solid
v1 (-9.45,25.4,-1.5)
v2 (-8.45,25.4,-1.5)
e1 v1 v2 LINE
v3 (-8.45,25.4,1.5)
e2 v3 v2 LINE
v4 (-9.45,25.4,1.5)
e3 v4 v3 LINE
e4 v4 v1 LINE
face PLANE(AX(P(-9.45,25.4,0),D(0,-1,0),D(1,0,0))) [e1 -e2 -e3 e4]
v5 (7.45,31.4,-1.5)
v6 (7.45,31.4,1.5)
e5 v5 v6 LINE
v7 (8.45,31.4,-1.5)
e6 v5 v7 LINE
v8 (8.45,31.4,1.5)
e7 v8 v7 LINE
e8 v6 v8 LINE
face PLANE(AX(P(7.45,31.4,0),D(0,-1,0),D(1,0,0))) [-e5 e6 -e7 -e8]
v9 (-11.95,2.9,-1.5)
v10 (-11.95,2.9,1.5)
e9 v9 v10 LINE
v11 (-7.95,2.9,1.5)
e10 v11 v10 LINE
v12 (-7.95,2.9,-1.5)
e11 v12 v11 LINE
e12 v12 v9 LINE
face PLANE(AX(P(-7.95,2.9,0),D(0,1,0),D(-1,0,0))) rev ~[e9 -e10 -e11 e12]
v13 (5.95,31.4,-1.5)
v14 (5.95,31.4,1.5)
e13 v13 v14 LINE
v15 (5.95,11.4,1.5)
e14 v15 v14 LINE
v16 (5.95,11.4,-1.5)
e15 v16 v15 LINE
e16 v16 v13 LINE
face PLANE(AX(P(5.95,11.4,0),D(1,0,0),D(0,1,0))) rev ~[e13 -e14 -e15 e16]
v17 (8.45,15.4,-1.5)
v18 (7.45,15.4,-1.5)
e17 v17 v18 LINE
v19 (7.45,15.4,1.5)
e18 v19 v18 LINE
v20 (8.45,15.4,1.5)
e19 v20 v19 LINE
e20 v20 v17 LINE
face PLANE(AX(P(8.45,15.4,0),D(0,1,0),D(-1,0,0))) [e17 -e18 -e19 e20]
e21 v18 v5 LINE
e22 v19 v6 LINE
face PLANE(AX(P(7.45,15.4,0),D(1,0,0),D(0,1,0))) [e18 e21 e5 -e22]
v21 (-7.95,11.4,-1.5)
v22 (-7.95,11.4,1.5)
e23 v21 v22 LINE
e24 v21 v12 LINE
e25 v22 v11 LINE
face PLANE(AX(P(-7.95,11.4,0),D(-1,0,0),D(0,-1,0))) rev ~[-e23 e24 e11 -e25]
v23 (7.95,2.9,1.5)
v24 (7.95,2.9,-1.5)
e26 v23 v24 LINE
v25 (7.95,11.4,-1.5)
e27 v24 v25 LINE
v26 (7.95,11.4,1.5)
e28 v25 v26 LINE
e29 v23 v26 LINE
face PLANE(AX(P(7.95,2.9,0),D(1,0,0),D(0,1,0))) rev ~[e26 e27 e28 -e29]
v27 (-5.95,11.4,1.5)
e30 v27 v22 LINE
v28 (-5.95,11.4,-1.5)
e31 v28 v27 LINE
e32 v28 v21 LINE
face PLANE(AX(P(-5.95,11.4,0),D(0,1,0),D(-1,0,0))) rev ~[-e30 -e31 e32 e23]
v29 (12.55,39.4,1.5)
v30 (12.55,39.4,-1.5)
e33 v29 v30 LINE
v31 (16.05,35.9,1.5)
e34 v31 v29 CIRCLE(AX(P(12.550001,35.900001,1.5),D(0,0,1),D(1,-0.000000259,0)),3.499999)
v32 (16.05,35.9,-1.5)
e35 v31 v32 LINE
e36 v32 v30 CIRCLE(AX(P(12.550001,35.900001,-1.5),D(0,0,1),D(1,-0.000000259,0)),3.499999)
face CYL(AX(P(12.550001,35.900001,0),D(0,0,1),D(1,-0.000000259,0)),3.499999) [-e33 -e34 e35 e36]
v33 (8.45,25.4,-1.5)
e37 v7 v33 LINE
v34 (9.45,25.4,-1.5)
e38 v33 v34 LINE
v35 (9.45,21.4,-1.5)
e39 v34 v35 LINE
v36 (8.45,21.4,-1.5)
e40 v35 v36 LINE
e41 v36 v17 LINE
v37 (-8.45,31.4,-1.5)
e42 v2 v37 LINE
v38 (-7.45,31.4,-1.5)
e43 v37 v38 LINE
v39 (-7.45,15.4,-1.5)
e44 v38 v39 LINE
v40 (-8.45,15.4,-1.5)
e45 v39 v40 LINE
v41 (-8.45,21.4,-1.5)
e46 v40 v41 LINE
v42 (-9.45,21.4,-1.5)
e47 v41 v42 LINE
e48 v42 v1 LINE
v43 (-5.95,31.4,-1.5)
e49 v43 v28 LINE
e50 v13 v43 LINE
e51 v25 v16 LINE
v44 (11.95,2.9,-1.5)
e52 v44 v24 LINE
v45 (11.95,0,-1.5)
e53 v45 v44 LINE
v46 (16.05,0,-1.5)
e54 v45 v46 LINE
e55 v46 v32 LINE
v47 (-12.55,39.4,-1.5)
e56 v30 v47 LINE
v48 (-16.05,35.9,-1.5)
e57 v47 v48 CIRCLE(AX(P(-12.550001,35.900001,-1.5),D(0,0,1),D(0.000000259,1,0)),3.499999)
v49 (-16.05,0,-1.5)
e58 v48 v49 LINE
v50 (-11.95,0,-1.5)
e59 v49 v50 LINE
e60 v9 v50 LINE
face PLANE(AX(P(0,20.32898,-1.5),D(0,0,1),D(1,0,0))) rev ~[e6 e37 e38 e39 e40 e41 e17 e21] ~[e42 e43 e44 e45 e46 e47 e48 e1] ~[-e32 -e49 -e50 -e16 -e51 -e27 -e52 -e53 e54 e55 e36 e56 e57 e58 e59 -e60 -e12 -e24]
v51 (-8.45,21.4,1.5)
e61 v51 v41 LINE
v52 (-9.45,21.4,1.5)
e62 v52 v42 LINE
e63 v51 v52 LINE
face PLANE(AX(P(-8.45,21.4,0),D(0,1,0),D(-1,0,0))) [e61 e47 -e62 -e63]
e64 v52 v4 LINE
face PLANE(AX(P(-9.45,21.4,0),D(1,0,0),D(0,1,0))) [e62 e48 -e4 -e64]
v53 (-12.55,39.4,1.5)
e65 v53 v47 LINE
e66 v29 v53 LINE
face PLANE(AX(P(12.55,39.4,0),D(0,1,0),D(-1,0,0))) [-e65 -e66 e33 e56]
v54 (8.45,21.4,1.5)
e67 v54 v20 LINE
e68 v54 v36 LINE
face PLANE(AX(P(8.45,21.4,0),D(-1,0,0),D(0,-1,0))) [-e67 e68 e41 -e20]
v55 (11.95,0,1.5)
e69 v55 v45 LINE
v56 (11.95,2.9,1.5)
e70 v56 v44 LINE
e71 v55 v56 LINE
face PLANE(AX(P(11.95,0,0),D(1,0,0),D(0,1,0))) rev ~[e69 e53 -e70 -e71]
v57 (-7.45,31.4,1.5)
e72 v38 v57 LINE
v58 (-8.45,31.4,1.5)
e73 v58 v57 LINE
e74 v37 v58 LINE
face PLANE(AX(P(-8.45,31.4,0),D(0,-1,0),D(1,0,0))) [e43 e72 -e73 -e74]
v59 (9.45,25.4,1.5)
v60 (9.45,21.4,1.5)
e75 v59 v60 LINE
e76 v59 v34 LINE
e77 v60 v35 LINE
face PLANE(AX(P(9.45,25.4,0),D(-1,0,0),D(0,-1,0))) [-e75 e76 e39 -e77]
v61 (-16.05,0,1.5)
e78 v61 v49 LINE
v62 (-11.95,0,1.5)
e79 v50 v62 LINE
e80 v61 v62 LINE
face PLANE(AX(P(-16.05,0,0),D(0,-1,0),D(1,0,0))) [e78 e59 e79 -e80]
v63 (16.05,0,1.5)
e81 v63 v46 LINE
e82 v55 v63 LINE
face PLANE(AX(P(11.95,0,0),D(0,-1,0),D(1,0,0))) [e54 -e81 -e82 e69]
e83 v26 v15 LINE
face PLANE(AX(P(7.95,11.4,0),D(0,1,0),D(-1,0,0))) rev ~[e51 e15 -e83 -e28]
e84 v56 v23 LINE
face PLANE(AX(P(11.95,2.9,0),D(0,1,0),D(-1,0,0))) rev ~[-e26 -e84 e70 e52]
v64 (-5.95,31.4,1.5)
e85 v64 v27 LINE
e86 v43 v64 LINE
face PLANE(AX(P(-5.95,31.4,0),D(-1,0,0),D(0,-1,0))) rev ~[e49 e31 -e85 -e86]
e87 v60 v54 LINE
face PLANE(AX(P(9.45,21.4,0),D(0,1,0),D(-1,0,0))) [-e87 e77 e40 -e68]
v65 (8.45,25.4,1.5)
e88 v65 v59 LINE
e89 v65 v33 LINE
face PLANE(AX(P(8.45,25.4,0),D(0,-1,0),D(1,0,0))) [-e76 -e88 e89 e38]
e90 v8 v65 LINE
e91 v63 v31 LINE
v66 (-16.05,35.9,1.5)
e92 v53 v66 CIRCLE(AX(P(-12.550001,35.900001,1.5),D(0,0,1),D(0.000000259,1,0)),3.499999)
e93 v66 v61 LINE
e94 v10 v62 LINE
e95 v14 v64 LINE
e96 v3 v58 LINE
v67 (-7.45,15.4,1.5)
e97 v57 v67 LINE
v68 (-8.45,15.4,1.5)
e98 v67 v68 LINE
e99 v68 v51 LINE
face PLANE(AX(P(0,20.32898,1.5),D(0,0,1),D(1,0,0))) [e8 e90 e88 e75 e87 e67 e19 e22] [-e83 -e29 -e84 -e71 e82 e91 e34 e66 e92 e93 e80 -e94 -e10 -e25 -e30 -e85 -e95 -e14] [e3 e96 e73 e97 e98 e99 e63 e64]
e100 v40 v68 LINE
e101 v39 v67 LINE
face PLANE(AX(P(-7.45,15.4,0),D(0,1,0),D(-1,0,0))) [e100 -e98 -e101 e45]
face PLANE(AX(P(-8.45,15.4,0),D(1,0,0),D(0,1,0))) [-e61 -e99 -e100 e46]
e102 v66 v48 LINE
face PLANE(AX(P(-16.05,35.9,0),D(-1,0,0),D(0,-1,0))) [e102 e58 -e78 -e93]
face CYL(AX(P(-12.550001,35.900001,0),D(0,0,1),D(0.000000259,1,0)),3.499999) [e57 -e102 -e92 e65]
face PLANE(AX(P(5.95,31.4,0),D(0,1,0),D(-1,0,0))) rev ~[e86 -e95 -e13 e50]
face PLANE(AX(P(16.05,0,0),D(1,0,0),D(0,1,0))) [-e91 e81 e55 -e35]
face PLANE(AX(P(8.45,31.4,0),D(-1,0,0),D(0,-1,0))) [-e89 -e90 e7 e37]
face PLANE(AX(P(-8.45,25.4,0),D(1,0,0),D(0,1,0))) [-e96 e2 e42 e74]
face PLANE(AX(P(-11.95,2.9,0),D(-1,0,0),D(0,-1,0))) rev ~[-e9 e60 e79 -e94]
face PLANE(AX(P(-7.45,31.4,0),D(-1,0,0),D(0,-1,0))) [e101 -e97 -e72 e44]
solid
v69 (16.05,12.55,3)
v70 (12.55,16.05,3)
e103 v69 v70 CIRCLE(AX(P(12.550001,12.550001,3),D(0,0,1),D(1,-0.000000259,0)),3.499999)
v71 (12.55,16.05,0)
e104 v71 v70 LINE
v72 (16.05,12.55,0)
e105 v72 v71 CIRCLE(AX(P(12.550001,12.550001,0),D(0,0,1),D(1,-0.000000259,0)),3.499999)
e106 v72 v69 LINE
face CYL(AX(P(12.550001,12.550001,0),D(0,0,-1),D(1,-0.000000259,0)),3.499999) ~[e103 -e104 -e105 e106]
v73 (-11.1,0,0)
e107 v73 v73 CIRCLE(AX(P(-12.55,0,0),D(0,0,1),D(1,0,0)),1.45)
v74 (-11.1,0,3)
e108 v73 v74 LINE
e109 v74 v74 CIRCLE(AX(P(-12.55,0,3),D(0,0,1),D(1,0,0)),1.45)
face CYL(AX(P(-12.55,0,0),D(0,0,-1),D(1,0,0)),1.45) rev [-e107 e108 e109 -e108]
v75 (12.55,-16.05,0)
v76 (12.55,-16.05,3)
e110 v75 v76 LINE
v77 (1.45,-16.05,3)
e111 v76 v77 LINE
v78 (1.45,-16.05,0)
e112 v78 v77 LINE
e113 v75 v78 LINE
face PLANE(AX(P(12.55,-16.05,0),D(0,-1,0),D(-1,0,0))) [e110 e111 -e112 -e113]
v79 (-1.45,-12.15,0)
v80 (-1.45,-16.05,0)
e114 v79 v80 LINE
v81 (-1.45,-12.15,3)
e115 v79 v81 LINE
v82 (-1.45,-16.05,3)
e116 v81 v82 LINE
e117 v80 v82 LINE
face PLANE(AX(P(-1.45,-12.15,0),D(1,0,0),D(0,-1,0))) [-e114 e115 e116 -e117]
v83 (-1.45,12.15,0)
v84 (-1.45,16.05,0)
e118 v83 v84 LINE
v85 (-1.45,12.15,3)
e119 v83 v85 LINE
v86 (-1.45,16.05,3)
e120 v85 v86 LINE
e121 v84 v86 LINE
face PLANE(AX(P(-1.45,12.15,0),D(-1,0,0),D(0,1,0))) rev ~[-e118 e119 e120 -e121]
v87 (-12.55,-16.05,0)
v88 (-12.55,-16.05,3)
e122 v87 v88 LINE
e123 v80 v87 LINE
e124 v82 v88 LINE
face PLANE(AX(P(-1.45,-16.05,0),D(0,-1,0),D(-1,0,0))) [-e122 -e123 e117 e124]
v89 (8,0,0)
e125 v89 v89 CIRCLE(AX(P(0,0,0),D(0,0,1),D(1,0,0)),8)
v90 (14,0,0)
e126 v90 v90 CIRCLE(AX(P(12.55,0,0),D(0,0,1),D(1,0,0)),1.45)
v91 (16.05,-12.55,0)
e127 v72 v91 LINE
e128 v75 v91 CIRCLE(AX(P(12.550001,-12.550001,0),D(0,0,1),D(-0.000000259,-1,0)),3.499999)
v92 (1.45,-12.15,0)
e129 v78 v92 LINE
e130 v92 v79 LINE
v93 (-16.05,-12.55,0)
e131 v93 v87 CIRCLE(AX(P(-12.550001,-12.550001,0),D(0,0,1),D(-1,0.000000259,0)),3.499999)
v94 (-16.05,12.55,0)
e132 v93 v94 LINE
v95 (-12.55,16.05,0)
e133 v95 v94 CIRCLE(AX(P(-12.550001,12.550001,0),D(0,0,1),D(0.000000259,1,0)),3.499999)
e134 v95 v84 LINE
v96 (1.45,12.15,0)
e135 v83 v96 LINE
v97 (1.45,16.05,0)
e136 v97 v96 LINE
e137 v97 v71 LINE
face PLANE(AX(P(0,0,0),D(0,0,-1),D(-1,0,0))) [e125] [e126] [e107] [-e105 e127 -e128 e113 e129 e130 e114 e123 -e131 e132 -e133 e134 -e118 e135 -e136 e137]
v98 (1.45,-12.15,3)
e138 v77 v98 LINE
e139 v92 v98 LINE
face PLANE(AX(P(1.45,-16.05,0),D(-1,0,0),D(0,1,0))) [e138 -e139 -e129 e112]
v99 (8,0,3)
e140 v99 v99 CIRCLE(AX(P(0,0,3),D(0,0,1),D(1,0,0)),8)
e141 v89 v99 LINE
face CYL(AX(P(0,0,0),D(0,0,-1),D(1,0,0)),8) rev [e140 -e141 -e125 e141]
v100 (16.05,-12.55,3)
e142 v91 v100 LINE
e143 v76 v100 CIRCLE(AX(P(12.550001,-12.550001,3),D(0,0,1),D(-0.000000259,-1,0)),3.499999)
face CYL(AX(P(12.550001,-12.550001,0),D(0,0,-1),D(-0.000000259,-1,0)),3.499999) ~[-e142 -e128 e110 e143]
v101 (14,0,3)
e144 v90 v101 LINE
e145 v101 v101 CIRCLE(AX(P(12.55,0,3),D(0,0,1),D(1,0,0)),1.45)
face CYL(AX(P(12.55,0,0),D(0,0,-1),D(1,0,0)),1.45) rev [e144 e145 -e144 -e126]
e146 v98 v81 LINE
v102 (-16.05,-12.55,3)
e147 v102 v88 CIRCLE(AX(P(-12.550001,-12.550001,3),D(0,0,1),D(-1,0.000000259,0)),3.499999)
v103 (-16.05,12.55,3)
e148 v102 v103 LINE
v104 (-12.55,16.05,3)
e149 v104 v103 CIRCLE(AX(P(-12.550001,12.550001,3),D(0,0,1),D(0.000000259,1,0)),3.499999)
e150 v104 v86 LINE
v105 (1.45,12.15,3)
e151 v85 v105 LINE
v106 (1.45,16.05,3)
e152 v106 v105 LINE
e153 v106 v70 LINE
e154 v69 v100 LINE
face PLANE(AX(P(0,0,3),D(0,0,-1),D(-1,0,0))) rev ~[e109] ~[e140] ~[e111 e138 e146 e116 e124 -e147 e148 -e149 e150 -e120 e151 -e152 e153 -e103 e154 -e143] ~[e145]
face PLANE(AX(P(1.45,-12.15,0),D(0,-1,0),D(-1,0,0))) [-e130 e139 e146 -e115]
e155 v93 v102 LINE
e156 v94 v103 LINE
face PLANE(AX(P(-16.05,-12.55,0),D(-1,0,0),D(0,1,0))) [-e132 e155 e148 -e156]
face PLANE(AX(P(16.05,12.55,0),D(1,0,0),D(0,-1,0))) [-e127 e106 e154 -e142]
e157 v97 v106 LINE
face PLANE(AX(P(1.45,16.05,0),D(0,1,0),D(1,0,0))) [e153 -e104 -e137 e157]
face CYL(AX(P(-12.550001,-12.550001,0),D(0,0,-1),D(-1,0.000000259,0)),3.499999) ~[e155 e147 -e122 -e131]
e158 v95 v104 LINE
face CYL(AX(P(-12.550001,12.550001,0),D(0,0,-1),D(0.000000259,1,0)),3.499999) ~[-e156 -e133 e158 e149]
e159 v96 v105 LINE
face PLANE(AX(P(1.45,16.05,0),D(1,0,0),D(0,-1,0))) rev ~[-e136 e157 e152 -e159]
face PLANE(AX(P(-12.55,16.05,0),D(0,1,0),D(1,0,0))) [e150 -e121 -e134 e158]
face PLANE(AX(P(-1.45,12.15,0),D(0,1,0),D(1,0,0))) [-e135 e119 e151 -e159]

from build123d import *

# Parameters (mm, degrees)
SKETCH_R          = 8
SKETCH_R_2        = 1.45
PAD_DEPTH         = 3
PAD001_DEPTH      = 1.5
PAD001_DEPTH_BACK = 1.5


with BuildPart() as body:
    # Sketch → Pad (new body)
    with BuildSketch(Plane.XY):
        with BuildLine():
            Line((-12.55, 16.05), (-1.45, 16.05))
            Line((-1.45, 12.15), (-1.45, 16.05))
            Line((-1.45, 12.15), (1.45, 12.15))
            Line((1.45, 16.05), (1.45, 12.15))
            Line((1.45, 16.05), (12.55, 16.05))
            ThreePointArc((16.05, 12.55), (15.024874, 15.024874), (12.55, 16.05))
            Line((16.05, 12.55), (16.05, -12.55))
            ThreePointArc((12.55, -16.05), (15.024874, -15.024874), (16.05, -12.55))
            Line((12.55, -16.05), (1.45, -16.05))
            Line((1.45, -16.05), (1.45, -12.15))
            Line((1.45, -12.15), (-1.45, -12.15))
            Line((-1.45, -12.15), (-1.45, -16.05))
            Line((-1.45, -16.05), (-12.55, -16.05))
            ThreePointArc((-16.05, -12.55), (-15.024874, -15.024874), (-12.55, -16.05))
            Line((-16.05, -12.55), (-16.05, 12.55))
            ThreePointArc((-12.55, 16.05), (-15.024874, 15.024874), (-16.05, 12.55))
        make_face()
        Circle(SKETCH_R, mode=Mode.SUBTRACT)
        with Locations((-12.55, 0)):
            Circle(SKETCH_R_2, mode=Mode.SUBTRACT)
        with Locations((12.55, 0)):
            Circle(SKETCH_R_2, mode=Mode.SUBTRACT)
    extrude(amount=PAD_DEPTH)


with BuildPart() as body002:
    # Sketch002 → Pad001 (new body, two sides)
    with BuildSketch(Plane.XY) as pad001_sk:
        with BuildLine():
            Line((-16.05, 0), (-11.95, 0))
            Line((-11.95, 2.9), (-11.95, 0))
            Line((-7.95, 2.9), (-11.95, 2.9))
            Line((-7.95, 11.4), (-7.95, 2.9))
            Line((-5.95, 11.4), (-7.95, 11.4))
            Line((-5.95, 31.4), (-5.95, 11.4))
            Line((5.95, 31.4), (-5.95, 31.4))
            Line((5.95, 11.4), (5.95, 31.4))
            Line((7.95, 11.4), (5.95, 11.4))
            Line((7.95, 2.9), (7.95, 11.4))
            Line((11.95, 2.9), (7.95, 2.9))
            Line((11.95, 0), (11.95, 2.9))
            Line((11.95, 0), (16.05, 0))
            Line((16.05, 0), (16.05, 35.9))
            ThreePointArc((16.05, 35.9), (15.024874, 38.374874), (12.55, 39.4))
            Line((12.55, 39.4), (-12.55, 39.4))
            ThreePointArc((-12.55, 39.4), (-15.024874, 38.374874), (-16.05, 35.9))
            Line((-16.05, 35.9), (-16.05, 0))
        make_face()
        Polygon((-8.45, 31.4), (-7.45, 31.4), (-7.45, 15.4), (-8.45, 15.4), (-8.45, 21.4), (-9.45, 21.4), (-9.45, 25.4), (-8.45, 25.4), align=None, mode=Mode.SUBTRACT)
        Polygon((7.45, 31.4), (8.45, 31.4), (8.45, 25.4), (9.45, 25.4), (9.45, 21.4), (8.45, 21.4), (8.45, 15.4), (7.45, 15.4), align=None, mode=Mode.SUBTRACT)
    extrude(amount=PAD001_DEPTH)
    extrude(pad001_sk.sketch, amount=-PAD001_DEPTH_BACK)


solid = Compound([body.part, body002.part])
